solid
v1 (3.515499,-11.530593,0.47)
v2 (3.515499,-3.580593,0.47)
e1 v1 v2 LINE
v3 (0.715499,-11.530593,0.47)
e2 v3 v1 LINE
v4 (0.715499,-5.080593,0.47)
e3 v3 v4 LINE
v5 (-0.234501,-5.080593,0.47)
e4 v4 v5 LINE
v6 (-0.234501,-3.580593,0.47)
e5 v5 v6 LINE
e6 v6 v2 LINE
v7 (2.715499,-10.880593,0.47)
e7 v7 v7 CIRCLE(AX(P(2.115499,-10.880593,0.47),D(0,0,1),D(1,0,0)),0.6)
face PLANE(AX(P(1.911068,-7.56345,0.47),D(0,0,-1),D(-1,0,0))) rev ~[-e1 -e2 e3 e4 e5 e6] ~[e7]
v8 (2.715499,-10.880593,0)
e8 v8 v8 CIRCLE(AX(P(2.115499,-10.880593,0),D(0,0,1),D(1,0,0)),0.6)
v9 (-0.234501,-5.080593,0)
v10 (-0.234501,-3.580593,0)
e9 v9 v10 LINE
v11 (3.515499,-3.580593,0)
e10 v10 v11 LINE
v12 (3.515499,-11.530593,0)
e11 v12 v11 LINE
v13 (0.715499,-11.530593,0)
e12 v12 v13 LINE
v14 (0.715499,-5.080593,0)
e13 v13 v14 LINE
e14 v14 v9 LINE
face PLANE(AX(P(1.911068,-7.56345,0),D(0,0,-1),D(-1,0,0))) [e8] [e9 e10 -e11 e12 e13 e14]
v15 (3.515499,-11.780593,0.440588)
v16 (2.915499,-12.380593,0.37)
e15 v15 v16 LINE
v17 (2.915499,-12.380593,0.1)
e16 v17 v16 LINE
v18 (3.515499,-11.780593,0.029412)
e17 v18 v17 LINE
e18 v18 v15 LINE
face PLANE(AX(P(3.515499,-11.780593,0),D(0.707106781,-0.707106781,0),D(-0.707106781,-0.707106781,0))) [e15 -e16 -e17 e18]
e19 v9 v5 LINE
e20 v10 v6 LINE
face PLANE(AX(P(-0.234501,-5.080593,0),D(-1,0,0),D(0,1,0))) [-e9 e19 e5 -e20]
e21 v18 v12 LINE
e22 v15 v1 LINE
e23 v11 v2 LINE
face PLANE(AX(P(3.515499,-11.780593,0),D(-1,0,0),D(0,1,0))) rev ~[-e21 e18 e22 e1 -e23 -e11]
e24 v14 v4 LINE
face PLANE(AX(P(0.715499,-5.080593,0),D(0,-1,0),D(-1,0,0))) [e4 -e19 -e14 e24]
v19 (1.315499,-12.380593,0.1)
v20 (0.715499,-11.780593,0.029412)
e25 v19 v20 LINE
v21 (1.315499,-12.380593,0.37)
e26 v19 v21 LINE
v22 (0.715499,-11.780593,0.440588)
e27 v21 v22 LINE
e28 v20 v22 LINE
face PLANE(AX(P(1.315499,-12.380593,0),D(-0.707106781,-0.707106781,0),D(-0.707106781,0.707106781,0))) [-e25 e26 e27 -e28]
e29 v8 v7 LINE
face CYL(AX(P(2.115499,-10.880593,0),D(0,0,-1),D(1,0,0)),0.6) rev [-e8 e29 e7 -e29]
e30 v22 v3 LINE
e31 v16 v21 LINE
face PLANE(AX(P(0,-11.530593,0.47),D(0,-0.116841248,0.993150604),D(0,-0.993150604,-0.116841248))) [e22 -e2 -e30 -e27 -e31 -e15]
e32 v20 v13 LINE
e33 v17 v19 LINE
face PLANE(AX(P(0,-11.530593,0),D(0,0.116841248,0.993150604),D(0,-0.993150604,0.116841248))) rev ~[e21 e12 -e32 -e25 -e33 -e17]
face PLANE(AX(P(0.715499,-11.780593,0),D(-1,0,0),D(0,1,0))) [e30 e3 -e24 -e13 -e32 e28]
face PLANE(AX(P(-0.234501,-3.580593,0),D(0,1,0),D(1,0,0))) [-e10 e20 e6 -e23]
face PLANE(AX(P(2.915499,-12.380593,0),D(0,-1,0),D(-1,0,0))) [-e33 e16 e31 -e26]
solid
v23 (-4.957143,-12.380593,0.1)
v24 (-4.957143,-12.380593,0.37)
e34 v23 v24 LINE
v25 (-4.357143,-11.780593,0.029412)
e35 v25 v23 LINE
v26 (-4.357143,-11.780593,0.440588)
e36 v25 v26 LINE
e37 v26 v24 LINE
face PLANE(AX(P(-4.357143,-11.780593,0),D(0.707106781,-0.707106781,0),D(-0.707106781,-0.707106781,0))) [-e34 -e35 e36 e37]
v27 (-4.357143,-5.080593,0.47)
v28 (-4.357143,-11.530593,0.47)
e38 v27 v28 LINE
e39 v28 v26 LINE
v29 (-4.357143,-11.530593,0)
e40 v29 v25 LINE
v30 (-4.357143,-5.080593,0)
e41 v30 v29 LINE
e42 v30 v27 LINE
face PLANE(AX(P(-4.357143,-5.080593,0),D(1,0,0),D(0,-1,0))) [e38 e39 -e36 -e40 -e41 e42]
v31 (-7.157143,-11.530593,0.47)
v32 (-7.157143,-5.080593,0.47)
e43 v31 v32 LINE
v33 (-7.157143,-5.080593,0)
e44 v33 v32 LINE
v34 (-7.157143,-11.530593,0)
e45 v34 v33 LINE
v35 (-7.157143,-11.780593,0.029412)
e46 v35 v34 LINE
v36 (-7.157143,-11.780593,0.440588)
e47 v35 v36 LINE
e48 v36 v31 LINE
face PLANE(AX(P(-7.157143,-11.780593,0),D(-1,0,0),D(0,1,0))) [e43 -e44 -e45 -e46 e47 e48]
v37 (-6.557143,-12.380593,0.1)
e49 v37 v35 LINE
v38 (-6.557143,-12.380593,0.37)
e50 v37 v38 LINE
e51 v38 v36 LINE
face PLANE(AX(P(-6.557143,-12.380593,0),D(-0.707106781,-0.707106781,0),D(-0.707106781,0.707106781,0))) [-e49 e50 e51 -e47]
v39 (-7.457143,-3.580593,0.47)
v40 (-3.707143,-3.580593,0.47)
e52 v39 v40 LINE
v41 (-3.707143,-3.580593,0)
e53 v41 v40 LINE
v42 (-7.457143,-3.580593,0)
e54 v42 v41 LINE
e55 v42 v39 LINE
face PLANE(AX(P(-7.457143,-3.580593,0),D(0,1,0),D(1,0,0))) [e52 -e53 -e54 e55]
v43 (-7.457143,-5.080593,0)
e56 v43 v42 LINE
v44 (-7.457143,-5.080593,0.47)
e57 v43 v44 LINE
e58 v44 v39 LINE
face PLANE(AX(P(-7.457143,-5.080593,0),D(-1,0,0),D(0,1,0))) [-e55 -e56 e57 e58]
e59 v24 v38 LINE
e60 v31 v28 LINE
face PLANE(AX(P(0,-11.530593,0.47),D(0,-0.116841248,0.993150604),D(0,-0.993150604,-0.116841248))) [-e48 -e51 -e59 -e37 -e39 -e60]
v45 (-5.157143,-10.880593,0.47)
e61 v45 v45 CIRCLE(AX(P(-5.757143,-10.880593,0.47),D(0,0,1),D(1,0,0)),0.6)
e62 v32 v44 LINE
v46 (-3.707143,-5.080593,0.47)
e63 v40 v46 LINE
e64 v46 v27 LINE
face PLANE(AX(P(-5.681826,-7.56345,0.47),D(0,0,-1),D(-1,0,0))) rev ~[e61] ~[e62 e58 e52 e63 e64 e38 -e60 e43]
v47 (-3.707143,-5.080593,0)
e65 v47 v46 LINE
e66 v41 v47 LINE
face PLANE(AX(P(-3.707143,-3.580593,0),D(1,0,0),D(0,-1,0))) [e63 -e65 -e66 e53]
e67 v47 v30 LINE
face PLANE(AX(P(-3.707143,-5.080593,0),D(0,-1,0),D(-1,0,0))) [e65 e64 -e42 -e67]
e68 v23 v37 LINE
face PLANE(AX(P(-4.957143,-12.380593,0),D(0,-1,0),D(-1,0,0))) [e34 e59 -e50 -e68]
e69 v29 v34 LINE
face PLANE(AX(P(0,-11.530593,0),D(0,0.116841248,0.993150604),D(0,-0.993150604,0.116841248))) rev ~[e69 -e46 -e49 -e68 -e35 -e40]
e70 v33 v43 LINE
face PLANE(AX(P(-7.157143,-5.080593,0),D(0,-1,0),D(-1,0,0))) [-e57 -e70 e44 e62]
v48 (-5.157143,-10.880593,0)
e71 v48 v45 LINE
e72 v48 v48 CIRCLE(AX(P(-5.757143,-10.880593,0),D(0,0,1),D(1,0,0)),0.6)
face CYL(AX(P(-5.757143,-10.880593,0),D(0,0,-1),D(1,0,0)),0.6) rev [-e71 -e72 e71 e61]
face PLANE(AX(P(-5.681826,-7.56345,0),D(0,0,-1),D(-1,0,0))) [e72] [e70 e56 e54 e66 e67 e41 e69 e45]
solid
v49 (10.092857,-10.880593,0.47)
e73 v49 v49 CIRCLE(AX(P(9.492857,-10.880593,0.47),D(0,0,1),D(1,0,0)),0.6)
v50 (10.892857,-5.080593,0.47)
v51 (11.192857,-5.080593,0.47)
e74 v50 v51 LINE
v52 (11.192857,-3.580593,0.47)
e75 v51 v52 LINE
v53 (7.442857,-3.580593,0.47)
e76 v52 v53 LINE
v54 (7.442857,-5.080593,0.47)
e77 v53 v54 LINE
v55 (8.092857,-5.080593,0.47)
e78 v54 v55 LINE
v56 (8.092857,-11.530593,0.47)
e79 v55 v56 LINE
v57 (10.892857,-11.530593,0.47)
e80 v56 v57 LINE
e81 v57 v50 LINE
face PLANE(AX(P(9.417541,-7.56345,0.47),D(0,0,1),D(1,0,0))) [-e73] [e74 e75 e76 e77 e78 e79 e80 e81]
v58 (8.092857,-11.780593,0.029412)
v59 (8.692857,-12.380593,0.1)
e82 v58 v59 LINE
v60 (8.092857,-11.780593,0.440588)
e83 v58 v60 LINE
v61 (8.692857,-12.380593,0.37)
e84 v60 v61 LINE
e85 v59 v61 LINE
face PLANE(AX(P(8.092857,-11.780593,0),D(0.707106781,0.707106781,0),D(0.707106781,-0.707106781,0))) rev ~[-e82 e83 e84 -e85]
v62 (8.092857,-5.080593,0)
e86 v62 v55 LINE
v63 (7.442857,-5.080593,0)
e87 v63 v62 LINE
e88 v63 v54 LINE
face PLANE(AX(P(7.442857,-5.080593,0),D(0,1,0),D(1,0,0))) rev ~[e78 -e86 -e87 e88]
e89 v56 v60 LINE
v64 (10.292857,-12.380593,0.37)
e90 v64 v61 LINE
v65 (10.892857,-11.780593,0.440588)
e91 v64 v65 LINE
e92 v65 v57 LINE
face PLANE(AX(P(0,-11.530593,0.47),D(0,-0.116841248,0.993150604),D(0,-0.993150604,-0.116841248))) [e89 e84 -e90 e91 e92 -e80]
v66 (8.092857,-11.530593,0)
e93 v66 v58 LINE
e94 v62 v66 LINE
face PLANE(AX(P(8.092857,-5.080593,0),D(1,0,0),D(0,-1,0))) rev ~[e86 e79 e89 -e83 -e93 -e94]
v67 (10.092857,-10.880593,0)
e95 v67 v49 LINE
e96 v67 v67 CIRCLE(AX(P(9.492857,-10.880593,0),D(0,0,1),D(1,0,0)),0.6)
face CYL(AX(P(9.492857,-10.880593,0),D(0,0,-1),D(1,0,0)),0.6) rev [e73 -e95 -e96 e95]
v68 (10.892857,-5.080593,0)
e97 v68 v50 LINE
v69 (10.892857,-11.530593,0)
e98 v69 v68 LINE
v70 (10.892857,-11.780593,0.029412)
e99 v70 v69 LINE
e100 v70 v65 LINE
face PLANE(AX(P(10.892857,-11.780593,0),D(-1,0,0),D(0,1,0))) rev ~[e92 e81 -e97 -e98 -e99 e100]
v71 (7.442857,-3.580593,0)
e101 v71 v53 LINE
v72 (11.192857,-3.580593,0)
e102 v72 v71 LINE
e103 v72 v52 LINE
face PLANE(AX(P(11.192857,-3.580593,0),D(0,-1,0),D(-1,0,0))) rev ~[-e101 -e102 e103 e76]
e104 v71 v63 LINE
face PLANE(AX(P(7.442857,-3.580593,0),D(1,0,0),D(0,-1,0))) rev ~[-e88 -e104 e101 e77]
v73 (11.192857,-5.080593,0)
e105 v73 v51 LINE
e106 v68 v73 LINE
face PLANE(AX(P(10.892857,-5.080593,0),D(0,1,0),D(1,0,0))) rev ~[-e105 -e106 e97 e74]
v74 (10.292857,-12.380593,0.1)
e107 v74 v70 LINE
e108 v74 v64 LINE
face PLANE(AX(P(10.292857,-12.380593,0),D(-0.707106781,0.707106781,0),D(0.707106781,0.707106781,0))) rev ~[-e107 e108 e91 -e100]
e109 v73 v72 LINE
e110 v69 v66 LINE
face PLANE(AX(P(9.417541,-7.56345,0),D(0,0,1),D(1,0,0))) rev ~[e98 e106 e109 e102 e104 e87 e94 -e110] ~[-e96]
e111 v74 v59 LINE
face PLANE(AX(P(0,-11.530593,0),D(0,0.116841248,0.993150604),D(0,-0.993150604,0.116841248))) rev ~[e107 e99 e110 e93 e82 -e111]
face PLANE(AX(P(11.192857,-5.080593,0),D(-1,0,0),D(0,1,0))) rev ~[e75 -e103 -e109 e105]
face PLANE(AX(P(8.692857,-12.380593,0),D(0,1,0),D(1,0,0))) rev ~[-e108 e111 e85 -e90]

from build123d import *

# Parameters (mm, degrees)
SKETCH1_R               = 0.6
BOSS_EXTRUDE1_DEPTH     = 0.47
BOSS_EXTRUDE1_2_DEPTH   = 0.47
BOSS_EXTRUDE1_3_DEPTH   = 0.47
CUT_EXTRUDE1_DEPTH      = 12.192857143
CUT_EXTRUDE1_DEPTH_BACK = 8.457142857


with BuildPart() as part:
    # Sketch1 → Boss-Extrude1 (new body)
    with BuildSketch(Plane.XY):
        Polygon((-7.457142857, -3.580592992), (-3.707142857, -3.580592992), (-3.707142857, -5.080592992), (-4.357142857, -5.080592992), (-4.357142857, -11.780592992), (-4.957142857, -12.380592992), (-6.557142857, -12.380592992), (-7.157142857, -11.780592992), (-7.157142857, -5.080592992), (-7.457142857, -5.080592992), align=None)
        with Locations((-5.757142857, -10.880592992)):
            Circle(SKETCH1_R, mode=Mode.SUBTRACT)
    extrude(amount=BOSS_EXTRUDE1_DEPTH)


with BuildPart() as body_2:
    # Sketch1 → Boss-Extrude1 2 (new body)
    with BuildSketch(Plane.XY):
        Polygon((-0.234501348, -3.580592992), (3.515498652, -3.580592992), (3.515498652, -5.080592992), (3.515498652, -11.780592992), (2.915498652, -12.380592992), (1.315498652, -12.380592992), (0.715498652, -11.780592992), (0.715498652, -5.080592992), (-0.234501348, -5.080592992), align=None)
        with Locations((2.115498652, -10.880592992)):
            Circle(SKETCH1_R, mode=Mode.SUBTRACT)
    extrude(amount=BOSS_EXTRUDE1_2_DEPTH)


with BuildPart() as body_3:
    # Sketch1 → Boss-Extrude1 3 (new body)
    with BuildSketch(Plane.XY):
        Polygon((11.192857143, -3.580592992), (7.442857143, -3.580592992), (7.442857143, -5.080592992), (8.092857143, -5.080592992), (8.092857143, -11.780592992), (8.692857143, -12.380592992), (10.292857143, -12.380592992), (10.892857143, -11.780592992), (10.892857143, -5.080592992), (11.192857143, -5.080592992), align=None)
        with Locations((9.492857143, -10.880592992)):
            Circle(SKETCH1_R, mode=Mode.SUBTRACT)
    extrude(amount=BOSS_EXTRUDE1_3_DEPTH)


with BuildPart() as cut_extrude1_tool:
    # Sketch2 → Cut-Extrude1 (new body, two sides)
    with BuildSketch(Plane(origin=(0, 0, 0), x_dir=(0, 0, -1), z_dir=(1, 0, 0))) as cut_extrude1_sk:
        Polygon((-0.47, -11.530592992), (-0.37, -12.380592992), (-0.47, -12.380592992), align=None)
        Polygon((-0.1, -12.380592992), (0, -12.380592992), (0, -11.530592992), align=None)
    extrude(amount=CUT_EXTRUDE1_DEPTH)
    extrude(cut_extrude1_sk.sketch, amount=-CUT_EXTRUDE1_DEPTH_BACK)


with BuildPart() as part_1:
    add(part.part)

    # Cut-Extrude1: cut by cut_extrude1_tool
    add(cut_extrude1_tool.part, mode=Mode.SUBTRACT)


with BuildPart() as body_2_1:
    add(body_2.part)

    # Cut-Extrude1: cut by cut_extrude1_tool
    add(cut_extrude1_tool.part, mode=Mode.SUBTRACT)


with BuildPart() as body_3_1:
    add(body_3.part)

    # Cut-Extrude1: cut by cut_extrude1_tool
    add(cut_extrude1_tool.part, mode=Mode.SUBTRACT)


solid = Compound([part_1.part, body_2_1.part, body_3_1.part])
